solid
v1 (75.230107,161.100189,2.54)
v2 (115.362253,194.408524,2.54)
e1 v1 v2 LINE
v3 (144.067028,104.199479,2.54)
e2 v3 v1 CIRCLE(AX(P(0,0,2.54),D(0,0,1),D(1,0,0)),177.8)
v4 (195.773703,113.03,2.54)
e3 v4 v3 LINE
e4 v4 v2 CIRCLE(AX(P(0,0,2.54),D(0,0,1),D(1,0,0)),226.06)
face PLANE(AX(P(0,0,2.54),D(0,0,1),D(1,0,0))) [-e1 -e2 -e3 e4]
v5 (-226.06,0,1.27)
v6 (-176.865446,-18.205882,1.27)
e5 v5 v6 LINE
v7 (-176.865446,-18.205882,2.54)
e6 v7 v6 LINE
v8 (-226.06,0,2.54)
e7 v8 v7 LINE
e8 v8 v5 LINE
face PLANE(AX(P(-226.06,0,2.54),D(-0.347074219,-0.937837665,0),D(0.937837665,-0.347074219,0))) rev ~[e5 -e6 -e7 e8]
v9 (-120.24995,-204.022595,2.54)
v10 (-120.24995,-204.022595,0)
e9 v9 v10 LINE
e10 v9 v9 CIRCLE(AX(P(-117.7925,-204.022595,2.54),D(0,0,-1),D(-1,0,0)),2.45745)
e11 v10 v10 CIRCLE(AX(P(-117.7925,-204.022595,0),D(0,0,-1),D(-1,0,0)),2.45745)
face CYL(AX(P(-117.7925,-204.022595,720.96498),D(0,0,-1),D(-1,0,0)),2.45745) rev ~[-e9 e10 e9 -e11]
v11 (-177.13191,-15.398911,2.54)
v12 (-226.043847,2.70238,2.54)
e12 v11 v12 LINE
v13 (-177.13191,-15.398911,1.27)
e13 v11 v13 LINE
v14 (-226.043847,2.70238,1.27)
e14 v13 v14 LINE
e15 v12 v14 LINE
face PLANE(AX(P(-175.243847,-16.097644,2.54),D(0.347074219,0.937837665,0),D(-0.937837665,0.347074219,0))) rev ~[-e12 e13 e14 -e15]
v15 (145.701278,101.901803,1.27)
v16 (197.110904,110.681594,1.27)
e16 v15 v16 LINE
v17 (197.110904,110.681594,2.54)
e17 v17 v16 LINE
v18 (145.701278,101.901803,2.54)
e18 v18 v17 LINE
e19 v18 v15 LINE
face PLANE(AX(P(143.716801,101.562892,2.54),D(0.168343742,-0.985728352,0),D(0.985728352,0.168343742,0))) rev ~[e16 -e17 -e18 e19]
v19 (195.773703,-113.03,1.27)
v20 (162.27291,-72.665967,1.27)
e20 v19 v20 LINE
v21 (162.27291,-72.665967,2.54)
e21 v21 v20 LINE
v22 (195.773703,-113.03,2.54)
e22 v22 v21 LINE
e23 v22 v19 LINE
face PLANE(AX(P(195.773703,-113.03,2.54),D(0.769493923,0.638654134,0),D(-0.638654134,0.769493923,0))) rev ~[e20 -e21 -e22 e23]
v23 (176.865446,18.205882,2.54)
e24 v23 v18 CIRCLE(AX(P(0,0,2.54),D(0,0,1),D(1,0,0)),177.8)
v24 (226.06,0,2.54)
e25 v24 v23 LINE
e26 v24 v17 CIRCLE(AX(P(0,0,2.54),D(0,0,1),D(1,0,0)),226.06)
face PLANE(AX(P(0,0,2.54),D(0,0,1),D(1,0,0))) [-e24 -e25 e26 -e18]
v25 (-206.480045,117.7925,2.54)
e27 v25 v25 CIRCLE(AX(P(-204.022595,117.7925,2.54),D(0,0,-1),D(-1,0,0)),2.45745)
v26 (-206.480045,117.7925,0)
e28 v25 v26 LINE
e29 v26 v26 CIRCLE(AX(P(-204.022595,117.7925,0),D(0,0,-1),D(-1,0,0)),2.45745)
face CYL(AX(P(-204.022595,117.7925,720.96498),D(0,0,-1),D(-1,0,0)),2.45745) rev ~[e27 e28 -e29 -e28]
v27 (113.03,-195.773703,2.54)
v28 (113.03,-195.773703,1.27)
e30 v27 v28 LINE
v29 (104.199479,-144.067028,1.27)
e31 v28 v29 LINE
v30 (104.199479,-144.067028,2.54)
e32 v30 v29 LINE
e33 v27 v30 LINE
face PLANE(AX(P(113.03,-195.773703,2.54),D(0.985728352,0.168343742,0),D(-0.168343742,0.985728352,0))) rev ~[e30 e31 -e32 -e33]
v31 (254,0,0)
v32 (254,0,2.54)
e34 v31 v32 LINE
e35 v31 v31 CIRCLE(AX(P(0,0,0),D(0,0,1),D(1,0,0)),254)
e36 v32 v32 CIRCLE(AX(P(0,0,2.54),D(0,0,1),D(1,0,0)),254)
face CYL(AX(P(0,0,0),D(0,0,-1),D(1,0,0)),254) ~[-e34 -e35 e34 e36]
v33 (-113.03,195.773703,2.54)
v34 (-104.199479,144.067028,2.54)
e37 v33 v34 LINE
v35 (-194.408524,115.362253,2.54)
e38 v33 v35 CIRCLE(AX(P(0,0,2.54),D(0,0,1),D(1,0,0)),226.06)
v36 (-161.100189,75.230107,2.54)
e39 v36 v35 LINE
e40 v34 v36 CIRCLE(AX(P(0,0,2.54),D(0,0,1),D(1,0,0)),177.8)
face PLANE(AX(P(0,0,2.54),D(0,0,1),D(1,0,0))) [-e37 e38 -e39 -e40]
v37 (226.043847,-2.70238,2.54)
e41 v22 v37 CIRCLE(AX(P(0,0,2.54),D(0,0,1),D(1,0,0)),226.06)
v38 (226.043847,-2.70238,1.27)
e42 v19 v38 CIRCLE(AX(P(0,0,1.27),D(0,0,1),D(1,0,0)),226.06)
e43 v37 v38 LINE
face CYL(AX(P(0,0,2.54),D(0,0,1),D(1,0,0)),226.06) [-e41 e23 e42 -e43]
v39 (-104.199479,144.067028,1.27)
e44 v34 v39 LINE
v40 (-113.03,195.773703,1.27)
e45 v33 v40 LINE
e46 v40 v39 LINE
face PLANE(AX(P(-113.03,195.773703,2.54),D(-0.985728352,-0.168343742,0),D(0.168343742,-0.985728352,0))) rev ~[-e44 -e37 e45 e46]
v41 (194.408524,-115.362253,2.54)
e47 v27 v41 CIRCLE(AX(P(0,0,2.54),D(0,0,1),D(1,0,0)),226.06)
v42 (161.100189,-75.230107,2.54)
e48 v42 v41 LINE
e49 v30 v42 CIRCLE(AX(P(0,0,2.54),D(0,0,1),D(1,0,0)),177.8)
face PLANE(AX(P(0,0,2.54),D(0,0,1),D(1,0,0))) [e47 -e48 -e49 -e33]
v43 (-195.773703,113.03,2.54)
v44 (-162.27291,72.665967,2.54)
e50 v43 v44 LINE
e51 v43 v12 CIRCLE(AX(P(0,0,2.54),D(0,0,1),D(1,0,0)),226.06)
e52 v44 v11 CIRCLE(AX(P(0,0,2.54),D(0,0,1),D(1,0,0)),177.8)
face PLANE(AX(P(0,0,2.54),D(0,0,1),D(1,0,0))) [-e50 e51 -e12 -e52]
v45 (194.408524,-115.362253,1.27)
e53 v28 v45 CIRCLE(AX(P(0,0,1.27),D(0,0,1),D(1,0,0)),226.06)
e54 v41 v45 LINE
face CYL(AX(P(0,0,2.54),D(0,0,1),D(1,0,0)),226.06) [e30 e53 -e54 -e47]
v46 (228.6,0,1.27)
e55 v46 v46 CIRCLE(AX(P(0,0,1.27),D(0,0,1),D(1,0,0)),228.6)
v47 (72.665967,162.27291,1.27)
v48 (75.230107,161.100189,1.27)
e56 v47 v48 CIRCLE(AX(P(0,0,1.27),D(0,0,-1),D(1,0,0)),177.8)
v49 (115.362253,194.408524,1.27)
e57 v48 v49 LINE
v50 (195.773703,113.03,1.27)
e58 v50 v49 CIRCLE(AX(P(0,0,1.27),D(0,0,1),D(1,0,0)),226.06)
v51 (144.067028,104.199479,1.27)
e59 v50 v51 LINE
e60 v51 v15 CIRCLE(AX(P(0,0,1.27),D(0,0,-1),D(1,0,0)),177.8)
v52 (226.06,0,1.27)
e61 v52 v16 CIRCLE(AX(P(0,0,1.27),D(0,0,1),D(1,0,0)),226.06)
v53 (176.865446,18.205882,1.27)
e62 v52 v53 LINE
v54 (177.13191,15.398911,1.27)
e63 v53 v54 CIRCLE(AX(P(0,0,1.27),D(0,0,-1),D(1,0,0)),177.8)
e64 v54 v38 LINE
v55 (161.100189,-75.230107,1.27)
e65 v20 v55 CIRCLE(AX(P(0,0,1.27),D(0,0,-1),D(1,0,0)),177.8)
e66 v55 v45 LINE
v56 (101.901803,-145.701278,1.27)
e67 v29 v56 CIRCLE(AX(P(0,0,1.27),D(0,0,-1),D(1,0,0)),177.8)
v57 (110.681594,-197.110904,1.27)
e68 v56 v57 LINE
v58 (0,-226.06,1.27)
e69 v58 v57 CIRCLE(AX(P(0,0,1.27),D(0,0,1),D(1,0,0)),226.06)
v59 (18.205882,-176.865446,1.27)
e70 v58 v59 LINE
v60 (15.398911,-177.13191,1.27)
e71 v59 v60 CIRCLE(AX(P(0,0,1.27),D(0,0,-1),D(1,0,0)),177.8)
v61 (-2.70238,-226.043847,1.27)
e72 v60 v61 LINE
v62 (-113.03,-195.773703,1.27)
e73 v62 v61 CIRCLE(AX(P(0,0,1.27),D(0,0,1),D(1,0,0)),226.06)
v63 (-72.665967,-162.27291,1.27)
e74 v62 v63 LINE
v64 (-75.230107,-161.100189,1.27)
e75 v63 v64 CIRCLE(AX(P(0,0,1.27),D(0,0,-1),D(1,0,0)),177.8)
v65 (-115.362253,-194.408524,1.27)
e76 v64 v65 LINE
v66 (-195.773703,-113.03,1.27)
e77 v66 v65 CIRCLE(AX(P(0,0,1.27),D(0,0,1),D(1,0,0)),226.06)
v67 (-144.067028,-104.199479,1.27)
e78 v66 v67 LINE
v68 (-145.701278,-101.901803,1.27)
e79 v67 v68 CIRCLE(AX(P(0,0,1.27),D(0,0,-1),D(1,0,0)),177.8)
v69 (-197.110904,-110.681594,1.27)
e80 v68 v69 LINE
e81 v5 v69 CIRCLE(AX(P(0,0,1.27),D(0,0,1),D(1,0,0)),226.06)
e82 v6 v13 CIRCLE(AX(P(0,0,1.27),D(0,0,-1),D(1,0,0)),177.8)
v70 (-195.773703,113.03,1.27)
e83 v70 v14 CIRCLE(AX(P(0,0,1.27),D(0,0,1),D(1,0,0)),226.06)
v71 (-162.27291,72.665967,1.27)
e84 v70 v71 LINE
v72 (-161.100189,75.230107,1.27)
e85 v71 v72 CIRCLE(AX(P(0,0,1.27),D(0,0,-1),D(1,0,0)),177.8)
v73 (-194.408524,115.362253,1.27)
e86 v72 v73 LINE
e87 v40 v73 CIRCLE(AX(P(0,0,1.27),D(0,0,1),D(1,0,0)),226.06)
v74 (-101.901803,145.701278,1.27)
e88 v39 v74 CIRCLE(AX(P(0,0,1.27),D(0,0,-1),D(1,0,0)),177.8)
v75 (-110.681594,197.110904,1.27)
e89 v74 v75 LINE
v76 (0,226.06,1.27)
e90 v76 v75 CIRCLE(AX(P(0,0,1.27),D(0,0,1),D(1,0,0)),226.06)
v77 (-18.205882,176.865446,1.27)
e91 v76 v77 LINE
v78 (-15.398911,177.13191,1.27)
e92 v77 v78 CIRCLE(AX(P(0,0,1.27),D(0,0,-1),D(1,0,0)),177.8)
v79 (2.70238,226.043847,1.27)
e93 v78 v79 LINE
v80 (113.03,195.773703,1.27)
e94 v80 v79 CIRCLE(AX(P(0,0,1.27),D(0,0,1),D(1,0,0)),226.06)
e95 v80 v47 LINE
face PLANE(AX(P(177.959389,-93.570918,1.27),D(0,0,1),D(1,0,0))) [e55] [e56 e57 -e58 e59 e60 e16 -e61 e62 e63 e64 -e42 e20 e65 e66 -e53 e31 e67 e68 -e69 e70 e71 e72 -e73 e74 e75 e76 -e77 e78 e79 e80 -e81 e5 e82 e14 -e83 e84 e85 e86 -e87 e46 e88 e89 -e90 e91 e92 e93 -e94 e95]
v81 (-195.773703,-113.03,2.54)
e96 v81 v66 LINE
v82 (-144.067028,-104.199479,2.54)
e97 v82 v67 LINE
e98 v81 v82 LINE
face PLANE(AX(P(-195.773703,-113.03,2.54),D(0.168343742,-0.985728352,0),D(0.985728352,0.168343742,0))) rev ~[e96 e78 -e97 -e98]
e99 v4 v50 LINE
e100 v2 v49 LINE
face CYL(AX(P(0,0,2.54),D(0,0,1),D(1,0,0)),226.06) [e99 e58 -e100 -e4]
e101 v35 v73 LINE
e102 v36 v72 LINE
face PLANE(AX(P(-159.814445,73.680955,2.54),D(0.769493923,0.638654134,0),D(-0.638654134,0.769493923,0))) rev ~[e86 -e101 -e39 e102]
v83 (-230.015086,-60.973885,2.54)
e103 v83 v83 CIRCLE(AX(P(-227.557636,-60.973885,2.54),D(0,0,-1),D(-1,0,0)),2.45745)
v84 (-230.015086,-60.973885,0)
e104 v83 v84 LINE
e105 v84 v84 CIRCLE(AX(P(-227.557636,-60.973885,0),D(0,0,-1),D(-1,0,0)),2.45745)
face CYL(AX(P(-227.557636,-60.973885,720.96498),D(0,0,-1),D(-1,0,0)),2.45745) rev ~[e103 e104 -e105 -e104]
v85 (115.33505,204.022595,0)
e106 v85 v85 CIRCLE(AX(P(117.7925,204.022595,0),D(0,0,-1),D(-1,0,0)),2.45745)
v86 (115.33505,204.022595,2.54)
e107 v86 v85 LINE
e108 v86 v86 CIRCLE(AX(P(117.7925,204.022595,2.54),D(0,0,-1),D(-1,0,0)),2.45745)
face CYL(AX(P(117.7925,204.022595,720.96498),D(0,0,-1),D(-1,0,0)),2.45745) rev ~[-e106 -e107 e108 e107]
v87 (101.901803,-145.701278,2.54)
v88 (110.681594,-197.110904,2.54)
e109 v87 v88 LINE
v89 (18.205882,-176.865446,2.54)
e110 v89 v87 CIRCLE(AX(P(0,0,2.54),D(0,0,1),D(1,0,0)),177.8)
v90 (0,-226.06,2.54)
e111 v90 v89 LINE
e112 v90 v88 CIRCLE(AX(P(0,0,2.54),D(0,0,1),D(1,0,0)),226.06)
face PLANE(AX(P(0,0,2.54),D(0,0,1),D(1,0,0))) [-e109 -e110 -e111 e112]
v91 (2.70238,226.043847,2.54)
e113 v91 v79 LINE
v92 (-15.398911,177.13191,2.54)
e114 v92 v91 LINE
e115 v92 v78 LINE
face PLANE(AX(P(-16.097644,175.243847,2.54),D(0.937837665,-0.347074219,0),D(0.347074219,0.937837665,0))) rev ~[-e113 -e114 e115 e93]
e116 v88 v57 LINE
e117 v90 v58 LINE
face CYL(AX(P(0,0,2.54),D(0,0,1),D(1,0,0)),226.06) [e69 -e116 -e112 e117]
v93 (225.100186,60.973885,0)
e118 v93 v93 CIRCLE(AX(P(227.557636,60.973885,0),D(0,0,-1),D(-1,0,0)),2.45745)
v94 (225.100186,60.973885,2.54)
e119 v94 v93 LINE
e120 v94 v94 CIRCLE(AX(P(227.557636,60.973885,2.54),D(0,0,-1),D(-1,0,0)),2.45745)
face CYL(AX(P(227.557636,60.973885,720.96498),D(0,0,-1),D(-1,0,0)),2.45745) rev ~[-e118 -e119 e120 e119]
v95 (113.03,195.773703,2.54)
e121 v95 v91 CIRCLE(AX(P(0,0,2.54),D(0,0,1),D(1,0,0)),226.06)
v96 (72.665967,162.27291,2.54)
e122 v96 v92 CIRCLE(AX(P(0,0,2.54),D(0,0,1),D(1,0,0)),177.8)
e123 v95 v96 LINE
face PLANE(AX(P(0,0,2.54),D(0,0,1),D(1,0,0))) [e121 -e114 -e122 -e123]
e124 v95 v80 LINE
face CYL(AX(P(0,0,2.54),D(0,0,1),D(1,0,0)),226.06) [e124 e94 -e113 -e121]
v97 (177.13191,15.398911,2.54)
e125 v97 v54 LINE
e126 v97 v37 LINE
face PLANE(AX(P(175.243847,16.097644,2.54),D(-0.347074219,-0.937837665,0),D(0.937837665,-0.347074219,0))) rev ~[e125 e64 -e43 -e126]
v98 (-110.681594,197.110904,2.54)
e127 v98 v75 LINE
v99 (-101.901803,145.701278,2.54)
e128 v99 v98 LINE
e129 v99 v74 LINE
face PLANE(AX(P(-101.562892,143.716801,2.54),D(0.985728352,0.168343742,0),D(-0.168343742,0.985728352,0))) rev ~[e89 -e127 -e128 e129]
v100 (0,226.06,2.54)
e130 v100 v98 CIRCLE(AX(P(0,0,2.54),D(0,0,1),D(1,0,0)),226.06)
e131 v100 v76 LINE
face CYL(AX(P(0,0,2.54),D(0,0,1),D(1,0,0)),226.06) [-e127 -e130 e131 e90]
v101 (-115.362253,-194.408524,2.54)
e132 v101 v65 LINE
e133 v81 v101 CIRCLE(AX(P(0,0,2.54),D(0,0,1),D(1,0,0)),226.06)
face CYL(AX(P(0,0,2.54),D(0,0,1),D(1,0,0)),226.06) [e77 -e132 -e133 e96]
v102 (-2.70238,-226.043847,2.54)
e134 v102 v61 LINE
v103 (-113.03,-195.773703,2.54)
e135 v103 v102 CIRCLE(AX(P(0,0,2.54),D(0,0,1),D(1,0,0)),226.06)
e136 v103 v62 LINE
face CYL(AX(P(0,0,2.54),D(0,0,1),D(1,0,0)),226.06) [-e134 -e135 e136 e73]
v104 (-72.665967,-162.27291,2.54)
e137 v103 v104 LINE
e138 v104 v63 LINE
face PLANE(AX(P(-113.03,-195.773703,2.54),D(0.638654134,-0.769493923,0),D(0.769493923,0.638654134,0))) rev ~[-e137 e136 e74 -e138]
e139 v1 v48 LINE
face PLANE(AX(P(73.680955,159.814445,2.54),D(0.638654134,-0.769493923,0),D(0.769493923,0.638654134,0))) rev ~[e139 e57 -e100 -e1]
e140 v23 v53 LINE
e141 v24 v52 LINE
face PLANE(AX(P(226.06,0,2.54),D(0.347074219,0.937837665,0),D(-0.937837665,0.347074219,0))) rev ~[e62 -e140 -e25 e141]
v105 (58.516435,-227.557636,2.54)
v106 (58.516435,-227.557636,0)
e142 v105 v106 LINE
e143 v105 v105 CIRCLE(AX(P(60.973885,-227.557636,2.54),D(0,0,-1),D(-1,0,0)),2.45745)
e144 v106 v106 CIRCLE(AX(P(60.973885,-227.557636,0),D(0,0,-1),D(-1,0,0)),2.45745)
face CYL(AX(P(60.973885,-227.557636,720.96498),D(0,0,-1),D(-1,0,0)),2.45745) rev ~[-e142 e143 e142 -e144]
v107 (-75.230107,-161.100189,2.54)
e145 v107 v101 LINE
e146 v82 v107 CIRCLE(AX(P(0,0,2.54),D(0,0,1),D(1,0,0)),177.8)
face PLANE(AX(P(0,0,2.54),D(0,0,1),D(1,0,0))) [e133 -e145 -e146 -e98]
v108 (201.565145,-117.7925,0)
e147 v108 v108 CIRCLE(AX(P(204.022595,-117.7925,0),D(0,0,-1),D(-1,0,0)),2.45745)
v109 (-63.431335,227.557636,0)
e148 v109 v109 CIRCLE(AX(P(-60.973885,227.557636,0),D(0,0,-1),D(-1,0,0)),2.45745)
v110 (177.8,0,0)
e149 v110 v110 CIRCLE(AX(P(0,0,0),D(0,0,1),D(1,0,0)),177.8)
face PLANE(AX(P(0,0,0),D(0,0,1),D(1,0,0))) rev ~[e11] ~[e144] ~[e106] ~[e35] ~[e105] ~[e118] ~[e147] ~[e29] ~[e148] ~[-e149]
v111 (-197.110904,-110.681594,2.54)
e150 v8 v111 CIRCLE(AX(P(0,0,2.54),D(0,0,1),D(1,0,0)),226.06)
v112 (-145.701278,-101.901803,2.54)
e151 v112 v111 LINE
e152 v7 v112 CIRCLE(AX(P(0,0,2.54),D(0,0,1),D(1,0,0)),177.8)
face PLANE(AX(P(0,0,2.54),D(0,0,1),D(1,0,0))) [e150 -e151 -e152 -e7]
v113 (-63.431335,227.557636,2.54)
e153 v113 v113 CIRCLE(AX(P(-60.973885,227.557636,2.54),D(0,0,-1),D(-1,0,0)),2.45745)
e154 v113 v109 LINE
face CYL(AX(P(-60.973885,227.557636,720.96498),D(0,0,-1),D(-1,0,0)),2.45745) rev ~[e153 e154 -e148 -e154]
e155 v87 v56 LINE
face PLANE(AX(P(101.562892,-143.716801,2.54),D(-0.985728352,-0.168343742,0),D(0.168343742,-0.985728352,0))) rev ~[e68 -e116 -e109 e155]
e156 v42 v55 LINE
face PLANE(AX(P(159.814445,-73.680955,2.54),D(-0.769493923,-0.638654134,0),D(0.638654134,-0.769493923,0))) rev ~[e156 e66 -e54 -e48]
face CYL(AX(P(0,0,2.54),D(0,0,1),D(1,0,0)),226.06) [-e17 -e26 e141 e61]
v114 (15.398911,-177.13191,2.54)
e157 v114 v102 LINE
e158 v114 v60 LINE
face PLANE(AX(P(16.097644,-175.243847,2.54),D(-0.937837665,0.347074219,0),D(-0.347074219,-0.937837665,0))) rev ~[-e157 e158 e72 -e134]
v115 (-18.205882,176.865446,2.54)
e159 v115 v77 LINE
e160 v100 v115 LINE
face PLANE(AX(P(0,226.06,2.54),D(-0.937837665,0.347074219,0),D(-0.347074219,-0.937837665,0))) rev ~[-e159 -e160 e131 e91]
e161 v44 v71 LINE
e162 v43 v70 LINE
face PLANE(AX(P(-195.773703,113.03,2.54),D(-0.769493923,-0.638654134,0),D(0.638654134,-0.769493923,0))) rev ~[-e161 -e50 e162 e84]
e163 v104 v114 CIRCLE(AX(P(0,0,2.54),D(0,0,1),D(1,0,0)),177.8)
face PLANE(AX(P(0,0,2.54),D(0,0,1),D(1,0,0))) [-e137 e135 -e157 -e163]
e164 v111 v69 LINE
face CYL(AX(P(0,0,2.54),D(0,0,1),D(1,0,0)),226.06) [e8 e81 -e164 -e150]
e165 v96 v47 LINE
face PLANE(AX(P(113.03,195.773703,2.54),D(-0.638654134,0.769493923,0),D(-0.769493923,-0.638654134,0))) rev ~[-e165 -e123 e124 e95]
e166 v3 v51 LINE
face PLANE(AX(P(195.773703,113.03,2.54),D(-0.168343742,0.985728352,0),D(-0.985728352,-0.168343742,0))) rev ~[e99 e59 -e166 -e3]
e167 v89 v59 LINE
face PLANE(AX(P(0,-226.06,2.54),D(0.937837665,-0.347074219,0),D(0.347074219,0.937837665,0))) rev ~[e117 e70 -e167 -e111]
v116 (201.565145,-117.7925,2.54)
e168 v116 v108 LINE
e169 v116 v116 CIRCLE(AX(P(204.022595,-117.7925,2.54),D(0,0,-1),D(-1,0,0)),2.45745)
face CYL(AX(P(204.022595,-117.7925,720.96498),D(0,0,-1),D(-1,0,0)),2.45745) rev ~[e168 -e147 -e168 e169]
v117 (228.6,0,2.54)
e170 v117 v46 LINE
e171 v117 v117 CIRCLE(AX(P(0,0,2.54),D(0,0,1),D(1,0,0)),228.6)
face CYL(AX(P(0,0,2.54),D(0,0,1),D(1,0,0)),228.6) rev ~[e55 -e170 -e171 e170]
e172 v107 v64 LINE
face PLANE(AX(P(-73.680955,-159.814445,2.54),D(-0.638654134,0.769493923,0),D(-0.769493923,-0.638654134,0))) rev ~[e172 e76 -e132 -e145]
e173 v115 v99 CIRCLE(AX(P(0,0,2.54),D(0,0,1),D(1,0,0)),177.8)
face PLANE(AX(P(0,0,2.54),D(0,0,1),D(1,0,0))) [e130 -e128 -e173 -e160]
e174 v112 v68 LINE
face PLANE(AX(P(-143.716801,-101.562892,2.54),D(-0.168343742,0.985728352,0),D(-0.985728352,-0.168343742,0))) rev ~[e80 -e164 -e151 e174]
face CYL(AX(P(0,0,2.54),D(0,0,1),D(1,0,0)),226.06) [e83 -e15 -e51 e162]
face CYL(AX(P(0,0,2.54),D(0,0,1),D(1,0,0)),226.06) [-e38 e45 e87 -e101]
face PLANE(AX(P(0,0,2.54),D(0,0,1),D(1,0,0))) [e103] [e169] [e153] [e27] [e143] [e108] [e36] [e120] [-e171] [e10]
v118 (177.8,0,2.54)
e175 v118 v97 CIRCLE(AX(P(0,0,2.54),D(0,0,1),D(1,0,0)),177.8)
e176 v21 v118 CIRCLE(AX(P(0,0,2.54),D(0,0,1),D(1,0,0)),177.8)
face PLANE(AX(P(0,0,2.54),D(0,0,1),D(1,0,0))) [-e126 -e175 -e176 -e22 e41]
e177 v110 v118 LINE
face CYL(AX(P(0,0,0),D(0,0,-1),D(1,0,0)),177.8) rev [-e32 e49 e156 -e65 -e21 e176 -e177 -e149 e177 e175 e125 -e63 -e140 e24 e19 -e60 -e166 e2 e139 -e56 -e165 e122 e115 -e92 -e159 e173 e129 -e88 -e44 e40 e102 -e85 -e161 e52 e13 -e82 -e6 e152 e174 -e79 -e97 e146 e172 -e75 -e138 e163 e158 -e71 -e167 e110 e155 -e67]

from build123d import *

# Parameters (mm, degrees)
SKETCH1_R                    = 254
SKETCH1_R_2                  = 177.8
BOSS_EXTRUDE1_DEPTH          = 2.54
SKETCH2_R                    = 228.6
SKETCH2_R_2                  = 226.06
CUT_EXTRUDE1_DEPTH           = 1.27
CUT_EXTRUDE2_DEPTH           = 1.27
F_10_0_1935_DIAMETER_HOLE2_D = 4.9149


with BuildPart() as part:
    # Sketch1 → Boss-Extrude1 (new body)
    with BuildSketch(Plane.XY):
        Circle(SKETCH1_R)
        Circle(SKETCH1_R_2, mode=Mode.SUBTRACT)
    extrude(amount=BOSS_EXTRUDE1_DEPTH)

    # Sketch2 → Cut-Extrude1 (cut)
    with BuildSketch(Plane.XY.offset(2.54)):
        Circle(SKETCH2_R)
        Circle(SKETCH2_R_2, mode=Mode.SUBTRACT)
    extrude(amount=-CUT_EXTRUDE1_DEPTH, mode=Mode.SUBTRACT)

    # Sketch4 → Cut-Extrude2 (cut)
    with BuildSketch(Plane.XY.offset(2.54)):
        with BuildLine():
            Line((-226.06, 0), (-176.125415463, -18.479751401))
            Line((-176.125415463, -18.479751401), (-175.243846947, -16.097643731))
            Line((-175.243846947, -16.097643731), (-226.043846947, 2.702379938))
            ThreePointArc((-226.043846947, 2.702379938), (-226.055961701, 1.351214107), (-226.06, 0))
        make_face()
        with BuildLine():
            Line((-195.77370278, 113.03), (-161.768959743, 72.058773562))
            Line((-161.768959743, 72.058773562), (-159.814445179, 73.680955061))
            Line((-159.814445179, 73.680955061), (-194.408523857, 115.36225315))
            ThreePointArc((-194.408523857, 115.36225315), (-195.094598456, 114.198166593), (-195.77370278, 113.03))
        make_face()
        with BuildLine():
            Line((-113.03, 195.77370278), (-104.066641901, 143.289208342))
            Line((-104.066641901, 143.289208342), (-101.562891886, 143.716801448))
            Line((-101.562891886, 143.716801448), (-110.681593797, 197.110903794))
            ThreePointArc((-110.681593797, 197.110903794), (-111.857795108, 196.445812563), (-113.03, 195.77370278))
        make_face()
        with BuildLine():
            Line((0, 226.06), (-18.479751401, 176.125415463))
            Line((-18.479751401, 176.125415463), (-16.097643731, 175.243846947))
            Line((-16.097643731, 175.243846947), (2.702379938, 226.043846947))
            ThreePointArc((2.702379938, 226.043846947), (1.351214107, 226.055961701), (0, 226.06))
        make_face()
        with BuildLine():
            Line((113.03, 195.77370278), (72.058773562, 161.768959743))
            Line((72.058773562, 161.768959743), (73.680955061, 159.814445179))
            Line((73.680955061, 159.814445179), (115.36225315, 194.408523857))
            ThreePointArc((115.36225315, 194.408523857), (114.198166593, 195.094598456), (113.03, 195.77370278))
        make_face()
        with BuildLine():
            Line((195.77370278, 113.03), (143.289208342, 104.066641901))
            Line((143.289208342, 104.066641901), (143.716801448, 101.562891886))
            Line((143.716801448, 101.562891886), (197.110903794, 110.681593797))
            ThreePointArc((197.110903794, 110.681593797), (196.445812563, 111.857795108), (195.77370278, 113.03))
        make_face()
        with BuildLine():
            Line((226.06, 0), (176.125415463, 18.479751401))
            Line((176.125415463, 18.479751401), (175.243846947, 16.097643731))
            Line((175.243846947, 16.097643731), (226.043846947, -2.702379938))
            ThreePointArc((226.043846947, -2.702379938), (226.055961701, -1.351214107), (226.06, 0))
        make_face()
        with BuildLine():
            Line((195.77370278, -113.03), (161.768959743, -72.058773562))
            Line((161.768959743, -72.058773562), (159.814445179, -73.680955061))
            Line((159.814445179, -73.680955061), (194.408523857, -115.36225315))
            ThreePointArc((194.408523857, -115.36225315), (195.094598456, -114.198166593), (195.77370278, -113.03))
        make_face()
        with BuildLine():
            Line((113.03, -195.77370278), (104.066641901, -143.289208342))
            Line((104.066641901, -143.289208342), (101.562891886, -143.716801448))
            Line((101.562891886, -143.716801448), (110.681593797, -197.110903794))
            ThreePointArc((110.681593797, -197.110903794), (111.857795108, -196.445812563), (113.03, -195.77370278))
        make_face()
        with BuildLine():
            Line((0, -226.06), (18.479751401, -176.125415463))
            Line((18.479751401, -176.125415463), (16.097643731, -175.243846947))
            Line((16.097643731, -175.243846947), (-2.702379938, -226.043846947))
            ThreePointArc((-2.702379938, -226.043846947), (-1.351214107, -226.055961701), (0, -226.06))
        make_face()
        with BuildLine():
            Line((-113.03, -195.77370278), (-72.058773562, -161.768959743))
            Line((-72.058773562, -161.768959743), (-73.680955061, -159.814445179))
            Line((-73.680955061, -159.814445179), (-115.36225315, -194.408523857))
            ThreePointArc((-115.36225315, -194.408523857), (-114.198166593, -195.094598456), (-113.03, -195.77370278))
        make_face()
        with BuildLine():
            Line((-195.77370278, -113.03), (-143.289208342, -104.066641901))
            Line((-143.289208342, -104.066641901), (-143.716801448, -101.562891886))
            Line((-143.716801448, -101.562891886), (-197.110903794, -110.681593797))
            ThreePointArc((-197.110903794, -110.681593797), (-196.445812563, -111.857795108), (-195.77370278, -113.03))
        make_face()
    extrude(amount=-CUT_EXTRUDE2_DEPTH, mode=Mode.SUBTRACT)

    # #10 (0.1935) Diameter Hole2 (through all)
    with Locations(Plane.XY.offset(2.54)):
        with Locations((-204.022594751, 117.7925), (-60.97388474, 227.557635786), (117.7925, 204.022594751), (227.557635786, 60.97388474), (204.022594751, -117.7925), (60.97388474, -227.557635786), (-117.7925, -204.022594751), (-227.557635786, -60.97388474)):
            Hole(F_10_0_1935_DIAMETER_HOLE2_D / 2)


solid = part.part
